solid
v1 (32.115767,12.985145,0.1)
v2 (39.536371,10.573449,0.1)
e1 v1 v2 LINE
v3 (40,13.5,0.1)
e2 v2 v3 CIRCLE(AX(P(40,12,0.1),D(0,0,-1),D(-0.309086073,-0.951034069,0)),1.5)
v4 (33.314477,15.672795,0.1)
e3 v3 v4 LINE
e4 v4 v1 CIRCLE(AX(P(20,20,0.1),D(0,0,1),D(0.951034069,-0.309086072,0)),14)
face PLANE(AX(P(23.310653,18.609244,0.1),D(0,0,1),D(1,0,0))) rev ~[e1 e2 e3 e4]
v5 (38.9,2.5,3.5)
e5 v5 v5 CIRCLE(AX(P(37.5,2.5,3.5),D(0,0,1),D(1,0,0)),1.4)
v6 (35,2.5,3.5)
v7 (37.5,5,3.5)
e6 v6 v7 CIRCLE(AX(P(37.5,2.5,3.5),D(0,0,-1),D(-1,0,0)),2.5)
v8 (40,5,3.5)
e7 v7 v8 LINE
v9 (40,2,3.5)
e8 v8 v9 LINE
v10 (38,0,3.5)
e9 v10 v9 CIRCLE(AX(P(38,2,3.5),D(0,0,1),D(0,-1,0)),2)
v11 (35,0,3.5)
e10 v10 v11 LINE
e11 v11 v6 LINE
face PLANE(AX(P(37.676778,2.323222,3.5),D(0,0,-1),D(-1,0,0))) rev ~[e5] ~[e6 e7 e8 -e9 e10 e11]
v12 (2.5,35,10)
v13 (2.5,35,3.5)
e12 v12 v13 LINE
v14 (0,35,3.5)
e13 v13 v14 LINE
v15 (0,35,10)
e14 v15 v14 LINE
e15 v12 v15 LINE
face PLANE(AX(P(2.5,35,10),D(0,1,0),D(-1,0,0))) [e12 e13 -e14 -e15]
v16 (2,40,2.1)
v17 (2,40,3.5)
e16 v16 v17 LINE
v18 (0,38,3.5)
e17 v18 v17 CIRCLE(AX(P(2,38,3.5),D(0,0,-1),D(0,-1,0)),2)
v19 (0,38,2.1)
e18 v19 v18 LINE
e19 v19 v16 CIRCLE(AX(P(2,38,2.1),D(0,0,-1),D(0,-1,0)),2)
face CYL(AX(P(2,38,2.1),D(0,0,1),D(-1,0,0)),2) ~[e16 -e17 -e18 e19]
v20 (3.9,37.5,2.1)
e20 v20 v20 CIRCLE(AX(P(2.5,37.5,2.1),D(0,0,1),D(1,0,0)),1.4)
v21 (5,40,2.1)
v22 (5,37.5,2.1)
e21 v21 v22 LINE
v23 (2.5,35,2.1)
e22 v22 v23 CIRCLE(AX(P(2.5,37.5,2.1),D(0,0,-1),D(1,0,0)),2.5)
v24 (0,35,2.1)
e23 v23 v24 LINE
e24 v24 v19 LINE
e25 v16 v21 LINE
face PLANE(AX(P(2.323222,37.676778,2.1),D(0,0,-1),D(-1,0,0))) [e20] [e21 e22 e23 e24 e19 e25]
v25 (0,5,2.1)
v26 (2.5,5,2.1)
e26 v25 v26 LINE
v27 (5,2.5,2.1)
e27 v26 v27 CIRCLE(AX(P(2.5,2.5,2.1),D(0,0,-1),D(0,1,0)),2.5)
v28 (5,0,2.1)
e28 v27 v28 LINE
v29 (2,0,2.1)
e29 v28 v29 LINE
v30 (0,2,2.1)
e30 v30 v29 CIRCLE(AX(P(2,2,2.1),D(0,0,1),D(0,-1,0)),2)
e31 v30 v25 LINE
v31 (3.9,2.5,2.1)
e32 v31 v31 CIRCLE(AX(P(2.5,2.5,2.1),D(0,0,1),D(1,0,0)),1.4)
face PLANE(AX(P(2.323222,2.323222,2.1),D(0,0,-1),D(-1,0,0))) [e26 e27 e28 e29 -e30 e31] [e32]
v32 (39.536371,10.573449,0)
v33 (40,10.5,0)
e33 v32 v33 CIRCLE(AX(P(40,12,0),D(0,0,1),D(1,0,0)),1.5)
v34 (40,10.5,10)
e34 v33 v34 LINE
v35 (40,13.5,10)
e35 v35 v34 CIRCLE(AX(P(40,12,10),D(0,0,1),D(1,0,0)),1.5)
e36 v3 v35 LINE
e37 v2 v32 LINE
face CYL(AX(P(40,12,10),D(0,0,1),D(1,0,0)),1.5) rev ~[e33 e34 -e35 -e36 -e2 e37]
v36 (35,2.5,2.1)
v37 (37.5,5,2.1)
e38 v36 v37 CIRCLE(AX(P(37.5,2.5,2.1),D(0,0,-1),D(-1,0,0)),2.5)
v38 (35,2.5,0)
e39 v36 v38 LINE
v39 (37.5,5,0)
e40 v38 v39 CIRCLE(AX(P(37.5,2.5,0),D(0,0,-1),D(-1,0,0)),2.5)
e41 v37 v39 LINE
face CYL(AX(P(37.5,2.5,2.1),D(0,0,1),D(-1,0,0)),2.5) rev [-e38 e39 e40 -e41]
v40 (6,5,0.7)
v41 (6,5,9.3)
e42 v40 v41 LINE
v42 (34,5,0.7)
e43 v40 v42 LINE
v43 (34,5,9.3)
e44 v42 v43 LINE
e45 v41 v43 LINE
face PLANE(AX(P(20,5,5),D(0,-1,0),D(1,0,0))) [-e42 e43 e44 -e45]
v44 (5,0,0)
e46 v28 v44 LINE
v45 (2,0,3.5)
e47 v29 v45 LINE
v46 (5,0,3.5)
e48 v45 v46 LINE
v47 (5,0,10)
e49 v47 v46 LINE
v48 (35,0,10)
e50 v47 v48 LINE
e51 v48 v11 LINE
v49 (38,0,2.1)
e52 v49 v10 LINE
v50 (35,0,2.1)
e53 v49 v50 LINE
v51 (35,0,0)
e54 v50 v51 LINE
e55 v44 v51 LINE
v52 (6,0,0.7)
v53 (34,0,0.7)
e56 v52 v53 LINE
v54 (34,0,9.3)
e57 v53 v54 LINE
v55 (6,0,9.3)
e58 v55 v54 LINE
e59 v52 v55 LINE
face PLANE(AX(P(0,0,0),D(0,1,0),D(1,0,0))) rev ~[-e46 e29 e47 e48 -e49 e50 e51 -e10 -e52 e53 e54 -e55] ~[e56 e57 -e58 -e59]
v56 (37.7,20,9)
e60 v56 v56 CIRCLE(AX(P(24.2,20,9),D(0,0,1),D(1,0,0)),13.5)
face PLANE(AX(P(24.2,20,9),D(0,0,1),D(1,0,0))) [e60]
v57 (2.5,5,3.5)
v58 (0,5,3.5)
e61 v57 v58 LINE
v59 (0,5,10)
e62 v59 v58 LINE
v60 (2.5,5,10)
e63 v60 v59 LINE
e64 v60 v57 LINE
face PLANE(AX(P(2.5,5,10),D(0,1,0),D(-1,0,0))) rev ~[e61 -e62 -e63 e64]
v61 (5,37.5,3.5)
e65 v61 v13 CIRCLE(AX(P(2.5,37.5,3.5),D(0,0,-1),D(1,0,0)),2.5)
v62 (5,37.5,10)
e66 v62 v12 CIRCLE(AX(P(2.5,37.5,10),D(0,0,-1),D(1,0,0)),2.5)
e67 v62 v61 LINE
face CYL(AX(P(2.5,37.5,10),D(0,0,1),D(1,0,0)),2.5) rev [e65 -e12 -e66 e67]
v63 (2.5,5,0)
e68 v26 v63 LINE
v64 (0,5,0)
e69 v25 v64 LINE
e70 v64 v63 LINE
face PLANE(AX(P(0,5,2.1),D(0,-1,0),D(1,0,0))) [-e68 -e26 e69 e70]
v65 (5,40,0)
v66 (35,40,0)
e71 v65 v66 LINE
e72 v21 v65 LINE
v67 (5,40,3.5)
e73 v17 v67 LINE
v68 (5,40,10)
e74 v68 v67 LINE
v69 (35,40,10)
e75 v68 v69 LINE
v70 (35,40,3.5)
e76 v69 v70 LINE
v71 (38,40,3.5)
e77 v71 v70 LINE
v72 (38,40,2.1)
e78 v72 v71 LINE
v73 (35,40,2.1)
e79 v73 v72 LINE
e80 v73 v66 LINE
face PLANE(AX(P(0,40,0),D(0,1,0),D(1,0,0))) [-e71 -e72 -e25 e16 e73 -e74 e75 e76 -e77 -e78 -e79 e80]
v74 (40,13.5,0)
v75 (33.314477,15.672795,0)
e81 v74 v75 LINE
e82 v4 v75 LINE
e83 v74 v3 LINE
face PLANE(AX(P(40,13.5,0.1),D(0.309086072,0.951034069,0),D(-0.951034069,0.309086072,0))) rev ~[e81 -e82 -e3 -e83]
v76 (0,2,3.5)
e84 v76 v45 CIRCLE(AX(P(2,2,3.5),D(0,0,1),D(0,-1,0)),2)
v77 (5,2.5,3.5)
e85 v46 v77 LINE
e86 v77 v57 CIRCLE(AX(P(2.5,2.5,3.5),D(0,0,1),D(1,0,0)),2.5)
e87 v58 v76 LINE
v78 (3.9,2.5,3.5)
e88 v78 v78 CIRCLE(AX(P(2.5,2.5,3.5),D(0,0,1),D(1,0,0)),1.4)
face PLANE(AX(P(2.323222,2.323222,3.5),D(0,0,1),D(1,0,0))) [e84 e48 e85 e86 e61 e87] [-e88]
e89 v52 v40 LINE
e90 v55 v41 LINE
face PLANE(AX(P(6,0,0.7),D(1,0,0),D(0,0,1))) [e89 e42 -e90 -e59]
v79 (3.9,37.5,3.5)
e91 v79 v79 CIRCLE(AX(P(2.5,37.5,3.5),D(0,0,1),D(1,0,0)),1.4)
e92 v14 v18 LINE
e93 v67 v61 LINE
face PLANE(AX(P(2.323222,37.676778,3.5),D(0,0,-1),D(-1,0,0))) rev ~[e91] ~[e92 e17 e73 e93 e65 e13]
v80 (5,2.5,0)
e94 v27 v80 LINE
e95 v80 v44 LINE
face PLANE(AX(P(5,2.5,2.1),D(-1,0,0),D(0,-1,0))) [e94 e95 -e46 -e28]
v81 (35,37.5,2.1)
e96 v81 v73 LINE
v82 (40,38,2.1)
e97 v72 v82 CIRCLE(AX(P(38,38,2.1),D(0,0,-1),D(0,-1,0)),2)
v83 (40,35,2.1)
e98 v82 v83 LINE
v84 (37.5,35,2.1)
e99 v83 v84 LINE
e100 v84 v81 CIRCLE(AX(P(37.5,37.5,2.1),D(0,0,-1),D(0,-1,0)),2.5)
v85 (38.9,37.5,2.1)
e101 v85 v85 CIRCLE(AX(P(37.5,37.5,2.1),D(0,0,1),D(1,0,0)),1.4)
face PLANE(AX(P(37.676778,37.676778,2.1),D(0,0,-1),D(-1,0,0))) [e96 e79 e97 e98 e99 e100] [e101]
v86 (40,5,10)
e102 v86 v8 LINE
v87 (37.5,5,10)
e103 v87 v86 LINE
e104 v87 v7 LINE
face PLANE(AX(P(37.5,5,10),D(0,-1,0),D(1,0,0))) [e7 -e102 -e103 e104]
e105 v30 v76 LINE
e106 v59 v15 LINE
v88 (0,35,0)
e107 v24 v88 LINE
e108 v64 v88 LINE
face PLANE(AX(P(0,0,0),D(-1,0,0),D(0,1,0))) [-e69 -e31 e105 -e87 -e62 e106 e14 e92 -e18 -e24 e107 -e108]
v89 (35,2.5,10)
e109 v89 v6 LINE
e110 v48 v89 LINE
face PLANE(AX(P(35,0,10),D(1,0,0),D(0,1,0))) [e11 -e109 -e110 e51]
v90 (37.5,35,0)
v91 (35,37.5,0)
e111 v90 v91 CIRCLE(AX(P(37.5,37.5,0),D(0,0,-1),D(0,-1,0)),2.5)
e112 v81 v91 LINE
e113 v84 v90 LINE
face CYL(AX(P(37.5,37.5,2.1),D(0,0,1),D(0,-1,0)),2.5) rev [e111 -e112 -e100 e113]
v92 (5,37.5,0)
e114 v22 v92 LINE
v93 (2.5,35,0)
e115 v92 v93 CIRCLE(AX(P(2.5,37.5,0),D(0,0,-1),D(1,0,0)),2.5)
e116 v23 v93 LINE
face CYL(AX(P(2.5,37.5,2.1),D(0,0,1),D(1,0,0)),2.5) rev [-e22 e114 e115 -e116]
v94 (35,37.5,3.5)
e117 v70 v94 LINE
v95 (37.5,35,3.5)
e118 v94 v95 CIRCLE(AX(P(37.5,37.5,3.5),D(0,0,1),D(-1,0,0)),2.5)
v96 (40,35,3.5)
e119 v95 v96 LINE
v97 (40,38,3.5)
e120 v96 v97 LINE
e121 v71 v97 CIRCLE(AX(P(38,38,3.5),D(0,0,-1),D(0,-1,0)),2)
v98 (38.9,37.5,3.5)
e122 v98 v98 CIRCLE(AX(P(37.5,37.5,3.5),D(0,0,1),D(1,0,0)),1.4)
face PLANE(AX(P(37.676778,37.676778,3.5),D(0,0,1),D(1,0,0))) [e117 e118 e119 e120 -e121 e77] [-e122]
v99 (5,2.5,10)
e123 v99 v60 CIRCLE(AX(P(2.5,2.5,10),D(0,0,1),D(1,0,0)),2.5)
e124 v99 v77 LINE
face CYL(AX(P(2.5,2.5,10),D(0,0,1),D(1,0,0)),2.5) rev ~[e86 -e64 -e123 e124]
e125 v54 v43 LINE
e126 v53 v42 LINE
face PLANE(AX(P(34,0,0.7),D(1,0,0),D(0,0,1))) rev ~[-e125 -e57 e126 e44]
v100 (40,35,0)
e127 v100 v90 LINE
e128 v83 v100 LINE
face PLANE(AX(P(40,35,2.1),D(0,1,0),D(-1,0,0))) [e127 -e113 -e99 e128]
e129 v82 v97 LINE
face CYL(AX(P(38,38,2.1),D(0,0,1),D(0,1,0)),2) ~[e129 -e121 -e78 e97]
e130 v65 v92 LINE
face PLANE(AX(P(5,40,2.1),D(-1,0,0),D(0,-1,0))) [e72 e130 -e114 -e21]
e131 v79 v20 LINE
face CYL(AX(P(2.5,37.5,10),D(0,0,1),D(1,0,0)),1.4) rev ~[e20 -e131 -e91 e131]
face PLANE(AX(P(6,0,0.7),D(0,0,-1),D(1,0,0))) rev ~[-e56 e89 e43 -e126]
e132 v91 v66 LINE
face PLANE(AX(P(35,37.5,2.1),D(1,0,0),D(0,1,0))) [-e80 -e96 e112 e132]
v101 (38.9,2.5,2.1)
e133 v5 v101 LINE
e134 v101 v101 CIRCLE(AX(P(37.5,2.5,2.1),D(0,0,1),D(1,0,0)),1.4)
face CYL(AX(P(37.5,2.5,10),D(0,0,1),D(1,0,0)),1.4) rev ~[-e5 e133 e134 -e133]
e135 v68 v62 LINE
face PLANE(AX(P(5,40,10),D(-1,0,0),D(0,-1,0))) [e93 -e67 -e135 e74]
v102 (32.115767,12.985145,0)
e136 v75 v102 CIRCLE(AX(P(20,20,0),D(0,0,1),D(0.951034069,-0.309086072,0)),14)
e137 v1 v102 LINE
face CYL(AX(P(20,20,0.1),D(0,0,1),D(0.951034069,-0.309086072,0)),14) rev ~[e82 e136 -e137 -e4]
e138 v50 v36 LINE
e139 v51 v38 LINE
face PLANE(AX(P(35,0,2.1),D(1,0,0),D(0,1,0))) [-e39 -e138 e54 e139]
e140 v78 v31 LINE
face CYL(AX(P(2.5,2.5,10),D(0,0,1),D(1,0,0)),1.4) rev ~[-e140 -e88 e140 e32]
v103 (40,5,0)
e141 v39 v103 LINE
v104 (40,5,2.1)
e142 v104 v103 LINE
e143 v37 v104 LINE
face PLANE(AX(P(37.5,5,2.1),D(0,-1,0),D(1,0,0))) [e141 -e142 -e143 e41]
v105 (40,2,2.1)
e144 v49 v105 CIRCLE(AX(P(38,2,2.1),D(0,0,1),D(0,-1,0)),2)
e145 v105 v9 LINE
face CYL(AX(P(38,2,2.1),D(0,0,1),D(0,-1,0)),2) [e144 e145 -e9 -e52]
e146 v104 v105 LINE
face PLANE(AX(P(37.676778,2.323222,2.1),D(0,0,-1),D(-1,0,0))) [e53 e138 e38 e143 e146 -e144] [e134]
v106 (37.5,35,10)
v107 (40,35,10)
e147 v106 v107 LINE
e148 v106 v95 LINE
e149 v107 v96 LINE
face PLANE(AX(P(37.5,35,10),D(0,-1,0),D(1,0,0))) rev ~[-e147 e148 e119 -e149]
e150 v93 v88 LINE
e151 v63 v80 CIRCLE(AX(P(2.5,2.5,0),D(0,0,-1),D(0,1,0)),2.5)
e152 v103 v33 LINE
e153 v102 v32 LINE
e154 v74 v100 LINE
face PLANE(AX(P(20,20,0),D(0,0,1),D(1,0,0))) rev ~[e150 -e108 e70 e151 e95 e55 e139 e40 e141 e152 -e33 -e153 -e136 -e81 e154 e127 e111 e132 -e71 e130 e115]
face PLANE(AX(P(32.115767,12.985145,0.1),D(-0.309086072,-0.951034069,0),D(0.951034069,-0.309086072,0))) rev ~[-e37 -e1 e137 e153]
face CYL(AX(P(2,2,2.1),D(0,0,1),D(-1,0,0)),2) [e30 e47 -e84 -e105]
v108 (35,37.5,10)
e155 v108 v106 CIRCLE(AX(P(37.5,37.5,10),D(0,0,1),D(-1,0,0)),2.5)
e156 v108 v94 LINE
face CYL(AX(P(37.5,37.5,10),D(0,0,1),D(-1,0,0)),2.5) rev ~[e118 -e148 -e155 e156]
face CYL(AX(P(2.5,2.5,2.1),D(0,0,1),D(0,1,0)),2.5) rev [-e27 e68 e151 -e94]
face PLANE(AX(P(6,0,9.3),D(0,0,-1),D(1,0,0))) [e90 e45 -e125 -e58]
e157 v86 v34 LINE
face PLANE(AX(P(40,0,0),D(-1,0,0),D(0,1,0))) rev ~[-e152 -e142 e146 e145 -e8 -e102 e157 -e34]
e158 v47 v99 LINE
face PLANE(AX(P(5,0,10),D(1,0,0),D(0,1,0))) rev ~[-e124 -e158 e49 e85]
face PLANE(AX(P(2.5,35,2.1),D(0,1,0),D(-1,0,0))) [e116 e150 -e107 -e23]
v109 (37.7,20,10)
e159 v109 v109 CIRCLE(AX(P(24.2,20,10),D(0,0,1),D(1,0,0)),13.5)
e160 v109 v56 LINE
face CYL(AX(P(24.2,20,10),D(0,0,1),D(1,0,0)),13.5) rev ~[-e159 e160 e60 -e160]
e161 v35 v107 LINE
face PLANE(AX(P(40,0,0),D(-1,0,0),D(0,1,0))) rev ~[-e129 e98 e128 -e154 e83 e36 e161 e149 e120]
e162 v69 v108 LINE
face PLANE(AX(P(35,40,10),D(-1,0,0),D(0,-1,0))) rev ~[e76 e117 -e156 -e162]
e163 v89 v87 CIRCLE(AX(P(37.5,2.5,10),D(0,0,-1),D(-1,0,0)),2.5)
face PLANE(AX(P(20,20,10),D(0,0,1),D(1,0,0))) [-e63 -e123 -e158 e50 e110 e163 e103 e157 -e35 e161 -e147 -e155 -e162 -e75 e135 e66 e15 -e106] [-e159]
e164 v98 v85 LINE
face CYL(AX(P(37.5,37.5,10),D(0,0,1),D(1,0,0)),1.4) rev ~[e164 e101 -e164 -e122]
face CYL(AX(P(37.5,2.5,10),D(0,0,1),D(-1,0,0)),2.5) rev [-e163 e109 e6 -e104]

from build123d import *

# Parameters (mm, degrees)
SKETCH_1_W          = 40
SKETCH_1_H          = 40
EXTRUDE_1_DEPTH     = 10
SKETCH_2_R          = 1.4
CUT_EXTRUDE_1_DEPTH = 58.445626465
SKETCH_3_R          = 13.5
CUT_EXTRUDE_2_DEPTH = 1
SKETCH_4_W          = 28
SKETCH_4_H          = 8.6
CUT_EXTRUDE_3_DEPTH = 5
CUT_EXTRUDE_4_DEPTH = 6.5
CUT_EXTRUDE_START   = -2.1
CUT_EXTRUDE_5_DEPTH = 2.1
FILLET_2_R          = 2
SKETCH_8_R          = 1.5
CUT_EXTRUDE_6_DEPTH = 58.445626465
CUT_EXTRUDE_START_2 = -0.1
CUT_EXTRUDE_7_DEPTH = 0.1


with BuildPart() as part:
    # Эскиз1 → Бобышка-Вытянуть1 (new body)
    with BuildSketch(Plane.XY):
        with Locations((20, 20)):
            Rectangle(SKETCH_1_W, SKETCH_1_H)
    extrude(amount=EXTRUDE_1_DEPTH)

    # Эскиз2 → Вырез-Вытянуть1 (cut, through all)
    with BuildSketch(Plane.XY.offset(10)):
        with Locations((2.5, 37.5)):
            Circle(SKETCH_2_R)
        with Locations((37.5, 37.5)):
            Circle(SKETCH_2_R)
        with Locations((37.5, 2.5)):
            Circle(SKETCH_2_R)
        with Locations((2.5, 2.5)):
            Circle(SKETCH_2_R)
    extrude(amount=-CUT_EXTRUDE_1_DEPTH, mode=Mode.SUBTRACT)

    # Эскиз3 → Вырез-Вытянуть2 (cut)
    with BuildSketch(Plane.XY.offset(10)):
        with Locations((24.2, 20)):
            Circle(SKETCH_3_R)
    extrude(amount=-CUT_EXTRUDE_2_DEPTH, mode=Mode.SUBTRACT)

    # Эскиз4 → Вырез-Вытянуть3 (cut)
    with BuildSketch(Plane.XZ):
        with Locations((20, 5)):
            Rectangle(SKETCH_4_W, SKETCH_4_H)
    extrude(amount=-CUT_EXTRUDE_3_DEPTH, mode=Mode.SUBTRACT)

    # Эскиз5 → Вырез-Вытянуть4 (cut)
    with BuildSketch(Plane.XY.offset(10)):
        with BuildLine():
            Line((2.5, 35), (0, 35))
            Line((0, 35), (0, 40))
            Line((0, 40), (5, 40))
            Line((5, 40), (5, 37.5))
            ThreePointArc((5, 37.5), (4.267766953, 35.732233047), (2.5, 35))
        make_face()
        with BuildLine():
            Line((35, 40), (35, 37.5))
            ThreePointArc((35, 37.5), (35.732233047, 35.732233047), (37.5, 35))
            Line((37.5, 35), (40, 35))
            Line((40, 35), (40, 40))
            Line((40, 40), (35, 40))
        make_face()
        with BuildLine():
            Line((37.5, 5), (40, 5))
            Line((40, 5), (40, 0))
            Line((40, 0), (35, 0))
            Line((35, 0), (35, 2.5))
            ThreePointArc((35, 2.5), (35.732233047, 4.267766953), (37.5, 5))
        make_face()
        with BuildLine():
            Line((5, 0), (5, 2.5))
            ThreePointArc((5, 2.5), (4.267766953, 4.267766953), (2.5, 5))
            Line((2.5, 5), (0, 5))
            Line((0, 5), (0, 0))
            Line((0, 0), (5, 0))
        make_face()
    extrude(amount=-CUT_EXTRUDE_4_DEPTH, mode=Mode.SUBTRACT)

    # Эскиз6 → Вырез-Вытянуть5 (cut)
    with BuildSketch(Plane(origin=(0, 0, 0), x_dir=(-1, 0, 0), z_dir=(0, 0, -1)).offset(CUT_EXTRUDE_START)):
        with BuildLine():
            Line((-2.5, 35), (0, 35))
            Line((0, 35), (0, 40))
            Line((0, 40), (-5, 40))
            Line((-5, 40), (-5, 37.5))
            ThreePointArc((-5, 37.5), (-4.267766953, 35.732233047), (-2.5, 35))
        make_face()
        with BuildLine():
            Line((-35, 37.5), (-35, 40))
            Line((-35, 40), (-40, 40))
            Line((-40, 40), (-40, 35))
            Line((-40, 35), (-37.5, 35))
            ThreePointArc((-37.5, 35), (-35.732233047, 35.732233047), (-35, 37.5))
        make_face()
        with BuildLine():
            Line((-5, 0), (0, 0))
            Line((0, 0), (0, 5))
            Line((0, 5), (-2.5, 5))
            ThreePointArc((-2.5, 5), (-4.267766953, 4.267766953), (-5, 2.5))
            Line((-5, 2.5), (-5, 0))
        make_face()
        with BuildLine():
            Line((-40, 5), (-40, 0))
            Line((-40, 0), (-35, 0))
            Line((-35, 0), (-35, 2.5))
            ThreePointArc((-35, 2.5), (-35.732233047, 4.267766953), (-37.5, 5))
            Line((-37.5, 5), (-40, 5))
        make_face()
    extrude(amount=CUT_EXTRUDE_5_DEPTH, mode=Mode.SUBTRACT)

    # Скругление2
    fillet_2_edges = [part.edges().sort_by_distance(p)[0] for p in [
        (0, 40, 2.8),
        (40, 40, 2.8),
        (40, 0, 2.8),
        (0, 0, 2.8),
    ]]
    fillet(fillet_2_edges, radius=FILLET_2_R)

    # Эскиз8 → Вырез-Вытянуть6 (cut, through all)
    with BuildSketch(Plane.XY.offset(10)):
        with Locations((40, 12)):
            Circle(SKETCH_8_R)
    extrude(amount=-CUT_EXTRUDE_6_DEPTH, mode=Mode.SUBTRACT)

    # Эскиз9 → Вырез-Вытянуть7 (cut)
    with BuildSketch(Plane(origin=(0, 0, 0), x_dir=(-1, 0, 0), z_dir=(0, 0, -1)).offset(CUT_EXTRUDE_START_2)):
        with BuildLine():
            Line((-40, 13.5), (-33.314476962, 15.672794987))
            ThreePointArc((-33.314476962, 15.672794987), (-7.214062681, 25.702614039), (-32.115767056, 12.985145144))
            Line((-32.115767056, 12.985145144), (-39.536370891, 10.573448897))
            ThreePointArc((-39.536370891, 10.573448897), (-38.518476012, 12.234705502), (-40, 13.5))
        make_face()
    extrude(amount=CUT_EXTRUDE_7_DEPTH, mode=Mode.SUBTRACT)


solid = part.part
